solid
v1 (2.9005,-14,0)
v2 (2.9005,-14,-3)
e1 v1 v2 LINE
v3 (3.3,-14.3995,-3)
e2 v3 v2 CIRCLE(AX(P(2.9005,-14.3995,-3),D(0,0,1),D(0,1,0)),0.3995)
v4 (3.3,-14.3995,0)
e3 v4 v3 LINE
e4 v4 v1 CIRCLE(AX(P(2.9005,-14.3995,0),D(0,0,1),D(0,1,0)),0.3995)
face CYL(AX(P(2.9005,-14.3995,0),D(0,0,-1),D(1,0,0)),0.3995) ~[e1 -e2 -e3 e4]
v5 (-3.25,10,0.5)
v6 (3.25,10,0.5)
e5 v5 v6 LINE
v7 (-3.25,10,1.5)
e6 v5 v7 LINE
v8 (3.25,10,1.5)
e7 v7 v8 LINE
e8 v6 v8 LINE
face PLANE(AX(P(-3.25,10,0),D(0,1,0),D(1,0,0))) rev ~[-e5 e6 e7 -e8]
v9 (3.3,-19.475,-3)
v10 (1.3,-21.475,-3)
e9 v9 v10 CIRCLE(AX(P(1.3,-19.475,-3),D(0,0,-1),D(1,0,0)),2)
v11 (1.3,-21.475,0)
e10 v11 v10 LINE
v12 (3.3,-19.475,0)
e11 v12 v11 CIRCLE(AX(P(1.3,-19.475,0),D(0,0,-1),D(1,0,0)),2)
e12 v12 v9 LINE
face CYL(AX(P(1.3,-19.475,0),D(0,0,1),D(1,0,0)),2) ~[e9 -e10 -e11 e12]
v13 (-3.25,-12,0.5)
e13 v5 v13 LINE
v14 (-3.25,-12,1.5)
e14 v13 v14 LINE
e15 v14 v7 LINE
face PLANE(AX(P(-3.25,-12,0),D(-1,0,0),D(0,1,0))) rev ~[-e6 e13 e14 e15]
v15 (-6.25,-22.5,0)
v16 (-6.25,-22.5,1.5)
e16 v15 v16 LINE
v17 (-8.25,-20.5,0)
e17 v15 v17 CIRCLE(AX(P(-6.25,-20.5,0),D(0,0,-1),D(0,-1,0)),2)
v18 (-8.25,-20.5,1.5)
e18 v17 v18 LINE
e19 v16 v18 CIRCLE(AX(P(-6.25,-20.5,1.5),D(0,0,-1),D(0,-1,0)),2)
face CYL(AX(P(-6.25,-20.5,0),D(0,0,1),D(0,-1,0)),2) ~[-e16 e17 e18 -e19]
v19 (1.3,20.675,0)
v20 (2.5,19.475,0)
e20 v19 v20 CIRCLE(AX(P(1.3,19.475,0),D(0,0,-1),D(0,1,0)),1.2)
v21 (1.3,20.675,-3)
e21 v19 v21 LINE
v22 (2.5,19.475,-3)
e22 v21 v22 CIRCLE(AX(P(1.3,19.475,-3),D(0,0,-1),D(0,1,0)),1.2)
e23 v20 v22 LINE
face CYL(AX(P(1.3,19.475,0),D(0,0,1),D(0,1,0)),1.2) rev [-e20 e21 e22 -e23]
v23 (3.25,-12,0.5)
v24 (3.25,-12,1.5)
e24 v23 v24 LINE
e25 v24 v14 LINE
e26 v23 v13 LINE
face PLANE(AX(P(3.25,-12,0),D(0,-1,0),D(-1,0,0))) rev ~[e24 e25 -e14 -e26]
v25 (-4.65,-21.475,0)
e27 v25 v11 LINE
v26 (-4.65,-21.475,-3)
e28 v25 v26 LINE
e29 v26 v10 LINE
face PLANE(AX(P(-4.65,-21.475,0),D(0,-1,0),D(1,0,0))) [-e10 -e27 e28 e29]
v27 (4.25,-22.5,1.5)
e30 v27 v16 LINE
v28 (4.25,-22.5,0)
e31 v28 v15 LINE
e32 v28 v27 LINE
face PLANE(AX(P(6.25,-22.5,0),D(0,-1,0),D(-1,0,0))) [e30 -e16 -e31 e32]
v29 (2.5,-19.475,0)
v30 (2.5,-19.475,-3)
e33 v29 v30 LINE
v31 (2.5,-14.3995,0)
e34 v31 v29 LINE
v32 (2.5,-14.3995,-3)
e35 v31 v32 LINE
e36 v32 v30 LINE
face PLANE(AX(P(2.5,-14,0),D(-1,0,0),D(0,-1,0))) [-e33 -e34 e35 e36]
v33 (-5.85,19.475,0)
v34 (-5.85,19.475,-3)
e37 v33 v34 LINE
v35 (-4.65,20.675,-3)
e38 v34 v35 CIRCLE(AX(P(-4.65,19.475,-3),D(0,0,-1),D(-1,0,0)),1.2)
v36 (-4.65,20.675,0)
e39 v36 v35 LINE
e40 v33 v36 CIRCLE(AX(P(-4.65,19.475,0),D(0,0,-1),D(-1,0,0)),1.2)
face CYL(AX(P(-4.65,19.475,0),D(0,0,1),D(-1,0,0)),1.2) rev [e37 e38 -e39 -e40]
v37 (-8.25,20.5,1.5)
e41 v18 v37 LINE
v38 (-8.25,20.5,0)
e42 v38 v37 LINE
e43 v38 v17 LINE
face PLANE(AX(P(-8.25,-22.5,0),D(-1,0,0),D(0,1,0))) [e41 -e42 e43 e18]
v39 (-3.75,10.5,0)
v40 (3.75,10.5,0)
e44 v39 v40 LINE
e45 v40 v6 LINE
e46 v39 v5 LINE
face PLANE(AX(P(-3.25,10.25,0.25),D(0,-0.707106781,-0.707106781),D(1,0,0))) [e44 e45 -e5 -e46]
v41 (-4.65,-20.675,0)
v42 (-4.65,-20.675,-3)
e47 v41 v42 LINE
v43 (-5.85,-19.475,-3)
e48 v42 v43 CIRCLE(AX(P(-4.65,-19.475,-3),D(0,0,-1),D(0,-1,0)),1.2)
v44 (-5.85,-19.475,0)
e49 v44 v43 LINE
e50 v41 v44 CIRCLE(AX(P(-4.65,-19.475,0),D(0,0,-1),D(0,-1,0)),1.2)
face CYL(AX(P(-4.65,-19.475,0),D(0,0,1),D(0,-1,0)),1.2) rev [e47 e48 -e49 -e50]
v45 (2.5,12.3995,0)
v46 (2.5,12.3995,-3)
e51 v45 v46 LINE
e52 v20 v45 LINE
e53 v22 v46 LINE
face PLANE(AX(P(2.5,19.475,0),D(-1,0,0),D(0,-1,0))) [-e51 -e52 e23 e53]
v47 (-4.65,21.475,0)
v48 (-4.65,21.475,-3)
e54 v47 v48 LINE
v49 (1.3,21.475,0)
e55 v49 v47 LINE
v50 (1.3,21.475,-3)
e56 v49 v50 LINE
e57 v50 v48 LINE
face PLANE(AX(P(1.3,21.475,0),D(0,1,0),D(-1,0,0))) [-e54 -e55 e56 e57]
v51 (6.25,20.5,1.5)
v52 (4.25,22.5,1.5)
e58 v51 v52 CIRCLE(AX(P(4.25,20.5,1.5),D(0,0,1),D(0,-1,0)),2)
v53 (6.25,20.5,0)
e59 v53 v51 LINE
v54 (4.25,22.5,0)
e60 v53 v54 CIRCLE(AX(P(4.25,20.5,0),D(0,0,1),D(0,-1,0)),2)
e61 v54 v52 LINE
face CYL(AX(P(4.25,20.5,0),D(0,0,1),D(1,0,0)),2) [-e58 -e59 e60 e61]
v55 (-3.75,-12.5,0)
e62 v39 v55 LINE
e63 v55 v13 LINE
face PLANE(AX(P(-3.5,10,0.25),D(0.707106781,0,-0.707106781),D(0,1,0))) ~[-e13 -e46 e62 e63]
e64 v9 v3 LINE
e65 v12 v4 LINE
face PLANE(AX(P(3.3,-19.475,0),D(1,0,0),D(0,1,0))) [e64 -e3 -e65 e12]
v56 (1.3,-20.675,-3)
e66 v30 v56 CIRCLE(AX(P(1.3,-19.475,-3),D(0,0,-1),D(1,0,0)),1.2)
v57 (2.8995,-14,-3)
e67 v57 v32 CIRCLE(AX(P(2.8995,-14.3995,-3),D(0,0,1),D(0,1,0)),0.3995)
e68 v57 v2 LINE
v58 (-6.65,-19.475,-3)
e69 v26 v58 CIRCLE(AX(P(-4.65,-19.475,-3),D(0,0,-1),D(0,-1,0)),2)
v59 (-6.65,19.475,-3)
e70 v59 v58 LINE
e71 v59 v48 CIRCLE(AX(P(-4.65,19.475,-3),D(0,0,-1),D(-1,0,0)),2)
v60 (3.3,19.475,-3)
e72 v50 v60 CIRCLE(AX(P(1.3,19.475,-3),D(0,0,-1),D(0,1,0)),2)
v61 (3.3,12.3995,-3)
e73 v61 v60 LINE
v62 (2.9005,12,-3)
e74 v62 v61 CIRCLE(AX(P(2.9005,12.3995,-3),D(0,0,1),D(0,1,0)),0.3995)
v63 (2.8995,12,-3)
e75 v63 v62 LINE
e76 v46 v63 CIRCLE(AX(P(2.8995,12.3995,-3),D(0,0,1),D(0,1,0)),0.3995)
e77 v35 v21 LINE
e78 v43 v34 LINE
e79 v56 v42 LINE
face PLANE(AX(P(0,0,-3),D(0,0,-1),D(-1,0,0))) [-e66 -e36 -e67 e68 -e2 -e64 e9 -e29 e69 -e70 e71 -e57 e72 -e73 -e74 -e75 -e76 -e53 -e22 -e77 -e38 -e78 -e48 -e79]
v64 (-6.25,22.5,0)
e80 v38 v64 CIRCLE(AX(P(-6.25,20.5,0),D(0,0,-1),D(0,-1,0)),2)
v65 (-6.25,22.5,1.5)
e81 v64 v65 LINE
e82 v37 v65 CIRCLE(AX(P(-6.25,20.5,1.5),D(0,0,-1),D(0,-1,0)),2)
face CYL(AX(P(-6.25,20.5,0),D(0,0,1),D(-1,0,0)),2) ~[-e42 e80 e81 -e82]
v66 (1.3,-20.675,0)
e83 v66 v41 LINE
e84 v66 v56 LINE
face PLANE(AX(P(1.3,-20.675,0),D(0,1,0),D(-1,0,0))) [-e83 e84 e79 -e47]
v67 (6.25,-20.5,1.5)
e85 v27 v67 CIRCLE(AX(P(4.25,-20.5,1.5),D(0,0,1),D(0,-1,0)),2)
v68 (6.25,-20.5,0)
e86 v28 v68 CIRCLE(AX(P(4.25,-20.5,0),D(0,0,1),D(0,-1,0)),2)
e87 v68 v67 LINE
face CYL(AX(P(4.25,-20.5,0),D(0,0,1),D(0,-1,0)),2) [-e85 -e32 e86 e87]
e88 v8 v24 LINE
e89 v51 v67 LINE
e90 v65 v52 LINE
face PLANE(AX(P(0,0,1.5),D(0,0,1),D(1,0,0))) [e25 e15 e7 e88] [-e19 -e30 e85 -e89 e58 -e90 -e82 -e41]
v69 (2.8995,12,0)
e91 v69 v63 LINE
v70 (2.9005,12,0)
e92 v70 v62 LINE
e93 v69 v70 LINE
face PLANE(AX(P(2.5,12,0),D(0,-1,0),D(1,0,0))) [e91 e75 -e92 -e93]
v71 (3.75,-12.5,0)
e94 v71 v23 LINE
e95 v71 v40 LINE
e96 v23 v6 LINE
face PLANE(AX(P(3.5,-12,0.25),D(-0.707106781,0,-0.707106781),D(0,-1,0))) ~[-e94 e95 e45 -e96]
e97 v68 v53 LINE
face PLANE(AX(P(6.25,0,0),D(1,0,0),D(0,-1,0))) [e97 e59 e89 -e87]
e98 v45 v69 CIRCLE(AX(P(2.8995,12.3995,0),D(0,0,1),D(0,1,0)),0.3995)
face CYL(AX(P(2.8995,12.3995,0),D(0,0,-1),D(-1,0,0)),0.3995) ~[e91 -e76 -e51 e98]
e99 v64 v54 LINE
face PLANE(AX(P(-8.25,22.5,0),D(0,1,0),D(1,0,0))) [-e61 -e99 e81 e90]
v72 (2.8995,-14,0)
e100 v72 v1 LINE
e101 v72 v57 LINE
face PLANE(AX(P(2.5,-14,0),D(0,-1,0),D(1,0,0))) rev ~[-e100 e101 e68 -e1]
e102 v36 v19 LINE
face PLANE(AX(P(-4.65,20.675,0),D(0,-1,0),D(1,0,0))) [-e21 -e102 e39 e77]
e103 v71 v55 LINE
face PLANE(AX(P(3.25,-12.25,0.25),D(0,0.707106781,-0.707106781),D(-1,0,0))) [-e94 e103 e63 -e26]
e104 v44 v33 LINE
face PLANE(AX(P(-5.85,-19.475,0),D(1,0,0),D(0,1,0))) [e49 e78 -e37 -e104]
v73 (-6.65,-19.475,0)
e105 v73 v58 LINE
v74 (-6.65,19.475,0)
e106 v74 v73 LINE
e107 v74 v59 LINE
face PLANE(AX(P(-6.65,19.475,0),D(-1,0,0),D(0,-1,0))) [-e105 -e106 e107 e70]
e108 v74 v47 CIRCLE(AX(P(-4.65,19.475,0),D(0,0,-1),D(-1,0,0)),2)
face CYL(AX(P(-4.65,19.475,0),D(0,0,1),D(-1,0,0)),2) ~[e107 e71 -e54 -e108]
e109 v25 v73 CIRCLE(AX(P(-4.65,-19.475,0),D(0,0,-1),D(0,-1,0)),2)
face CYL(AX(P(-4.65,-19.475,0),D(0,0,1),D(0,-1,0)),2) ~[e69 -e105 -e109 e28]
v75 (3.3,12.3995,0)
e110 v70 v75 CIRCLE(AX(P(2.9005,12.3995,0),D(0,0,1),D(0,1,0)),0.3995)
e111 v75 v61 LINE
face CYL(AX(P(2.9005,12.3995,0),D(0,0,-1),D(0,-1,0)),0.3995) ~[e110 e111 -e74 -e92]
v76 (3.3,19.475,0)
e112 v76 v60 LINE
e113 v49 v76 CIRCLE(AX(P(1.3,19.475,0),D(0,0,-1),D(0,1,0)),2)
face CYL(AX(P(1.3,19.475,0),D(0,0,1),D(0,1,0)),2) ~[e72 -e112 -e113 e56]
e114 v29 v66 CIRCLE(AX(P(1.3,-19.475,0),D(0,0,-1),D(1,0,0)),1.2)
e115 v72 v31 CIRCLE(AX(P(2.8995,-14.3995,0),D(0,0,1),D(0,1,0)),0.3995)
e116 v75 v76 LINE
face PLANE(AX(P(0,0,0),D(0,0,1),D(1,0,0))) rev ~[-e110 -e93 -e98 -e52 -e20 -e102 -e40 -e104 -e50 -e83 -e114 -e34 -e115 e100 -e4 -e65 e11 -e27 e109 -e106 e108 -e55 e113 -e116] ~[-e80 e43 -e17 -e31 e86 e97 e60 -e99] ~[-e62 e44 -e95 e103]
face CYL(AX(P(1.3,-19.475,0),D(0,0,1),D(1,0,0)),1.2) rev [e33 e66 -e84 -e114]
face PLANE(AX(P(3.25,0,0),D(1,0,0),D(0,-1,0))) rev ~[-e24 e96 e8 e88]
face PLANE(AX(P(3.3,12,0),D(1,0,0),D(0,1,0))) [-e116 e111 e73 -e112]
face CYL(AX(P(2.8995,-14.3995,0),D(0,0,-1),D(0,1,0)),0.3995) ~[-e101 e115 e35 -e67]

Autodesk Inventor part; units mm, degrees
ref_plane "YZ Plane" through (0, 0, 0) normal (1, 0, 0) x (0, 1, 0)
ref_plane "XZ Plane" through (0, 0, 0) normal (0, 1, 0) x (-1, 0, 0)
ref_plane "XY Plane" through (0, 0, 0) normal (0, 0, 1) x (1, 0, 0)
sketch "Sketch1" plane through (0, 0, 0) normal (0, 0, 1) x (1, 0, 0)
  line L0 (6.25, -22.5) -> (-8.25, -22.5)
  line L1 (-8.25, -22.5) -> (-8.25, 22.5)
  line L2 (-8.25, 22.5) -> (6.25, 22.5)
  line L3 (6.25, 22.5) -> (6.25, -22.5)
  line L4 (3.25, -12) -> (-3.25, -12)
  line L5 (-3.25, -12) -> (-3.25, 10)
  line L6 (-3.25, 10) -> (3.25, 10)
  line L7 (3.25, 10) -> (3.25, -12)
  line L8 (-11.15, 0) -> (9.15, 0) projected
  line L9 (0, -12) -> (0, 0) construction
  point P0 (6.25, 0)
  dimension "d0" = 6.5
  dimension "d3" = 45
  dimension "d10" = 3
  dimension "d11" = 5
  dimension "d25" = 10
  dimension "d26" = 12
extrude "Extrusion1" add sketch "Sketch1" along normal blind 1.5 contours L0 L1 L8 L5 L4 L7 L3 | L8 L7 L6 L5 L1 L2 L3
fillet "Fillet1" radius 2 4 edges at (6.25, 22.5, 0.75) (-8.25, 22.5, 0.75) (6.25, -22.5, 0.75) (-8.25, -22.5, 0.75)
chamfer "Chamfer1" distance 0.5 angle 45 4 edges at (3.25, -1, 0) (0, 10, 0) (-3.25, -1, 0) (0, -12, 0)
sketch "Sketch2" plane through (0, 0, 0) normal (0, 0, -1) x (-1, 0, 0)
  line L0 (4.65, -21.475) -> (-1.3, -21.475)
  line L1 (-3.3, -19.475) -> (-3.3, 19.475)
  line L2 (-1.3, 21.475) -> (4.65, 21.475)
  line L3 (6.65, 19.475) -> (6.65, -19.475)
  line L4 (3.25, 10) -> (3.25, -12) projected
  arc A0 (-3.3, -19.475) -> (-1.3, -21.475) centre (-1.3, -19.475) ccw
  arc A1 (4.65, -21.475) -> (6.65, -19.475) centre (4.65, -19.475) ccw
  arc A2 (6.65, 19.475) -> (4.65, 21.475) centre (4.65, 19.475) ccw
  arc A3 (-1.3, 21.475) -> (-3.3, 19.475) centre (-1.3, 19.475) ccw
  line L5 (-2.5, 19.475) -> (-2.5, -19.475)
  arc A4 (-2.5, -19.475) -> (-1.3, -20.675) centre (-1.3, -19.475) ccw
  line L6 (-1.3, -20.675) -> (4.65, -20.675)
  arc A5 (4.65, -20.675) -> (5.85, -19.475) centre (4.65, -19.475) ccw
  line L7 (5.85, -19.475) -> (5.85, 19.475)
  arc A6 (5.85, 19.475) -> (4.65, 20.675) centre (4.65, 19.475) ccw
  line L8 (4.65, 20.675) -> (-1.3, 20.675)
  arc A7 (-1.3, 20.675) -> (-2.5, 19.475) centre (-1.3, 19.475) ccw
  line L9 (-2.5, 12) -> (-3.3, 12)
  line L10 (-2.5, -14) -> (-3.3, -14)
  line L11 (3.25, -12) -> (-3.25, -12) projected
  line L12 (-3.25, 10) -> (3.25, 10) projected
  point P0 (0, 0)
  point P1 (-3.3, 21.475)
  point P2 (6.65, 21.475)
  dimension "d12" = 42.95
  dimension "d14" = 9.95
  dimension "d16" = 3.4
  dimension "d17" = 21.475
  dimension "d18" = 2
  dimension "d19" = 0.8
  dimension "d20" = 2
  dimension "d21" = 2
extrude "Extrusion2" add sketch "Sketch2" along normal blind 3 contours L0 A0 L1 L10 L5 A4 L6 A5 L7 A6 L8 A7 L9 A3 L2 A2 L3 A1
fillet "Fillet2" radius 0.4 4 edges at (3.3, -14, -1.5) (2.5, -14, -1.5) (3.3, 12, -1.5) (2.5, 12, -1.5)
equation "\"d17\" = 0.5 * d12"
equation "\"d21\" = d20"
properties part number "EndSwitchHousing_v02_TopPlate"
